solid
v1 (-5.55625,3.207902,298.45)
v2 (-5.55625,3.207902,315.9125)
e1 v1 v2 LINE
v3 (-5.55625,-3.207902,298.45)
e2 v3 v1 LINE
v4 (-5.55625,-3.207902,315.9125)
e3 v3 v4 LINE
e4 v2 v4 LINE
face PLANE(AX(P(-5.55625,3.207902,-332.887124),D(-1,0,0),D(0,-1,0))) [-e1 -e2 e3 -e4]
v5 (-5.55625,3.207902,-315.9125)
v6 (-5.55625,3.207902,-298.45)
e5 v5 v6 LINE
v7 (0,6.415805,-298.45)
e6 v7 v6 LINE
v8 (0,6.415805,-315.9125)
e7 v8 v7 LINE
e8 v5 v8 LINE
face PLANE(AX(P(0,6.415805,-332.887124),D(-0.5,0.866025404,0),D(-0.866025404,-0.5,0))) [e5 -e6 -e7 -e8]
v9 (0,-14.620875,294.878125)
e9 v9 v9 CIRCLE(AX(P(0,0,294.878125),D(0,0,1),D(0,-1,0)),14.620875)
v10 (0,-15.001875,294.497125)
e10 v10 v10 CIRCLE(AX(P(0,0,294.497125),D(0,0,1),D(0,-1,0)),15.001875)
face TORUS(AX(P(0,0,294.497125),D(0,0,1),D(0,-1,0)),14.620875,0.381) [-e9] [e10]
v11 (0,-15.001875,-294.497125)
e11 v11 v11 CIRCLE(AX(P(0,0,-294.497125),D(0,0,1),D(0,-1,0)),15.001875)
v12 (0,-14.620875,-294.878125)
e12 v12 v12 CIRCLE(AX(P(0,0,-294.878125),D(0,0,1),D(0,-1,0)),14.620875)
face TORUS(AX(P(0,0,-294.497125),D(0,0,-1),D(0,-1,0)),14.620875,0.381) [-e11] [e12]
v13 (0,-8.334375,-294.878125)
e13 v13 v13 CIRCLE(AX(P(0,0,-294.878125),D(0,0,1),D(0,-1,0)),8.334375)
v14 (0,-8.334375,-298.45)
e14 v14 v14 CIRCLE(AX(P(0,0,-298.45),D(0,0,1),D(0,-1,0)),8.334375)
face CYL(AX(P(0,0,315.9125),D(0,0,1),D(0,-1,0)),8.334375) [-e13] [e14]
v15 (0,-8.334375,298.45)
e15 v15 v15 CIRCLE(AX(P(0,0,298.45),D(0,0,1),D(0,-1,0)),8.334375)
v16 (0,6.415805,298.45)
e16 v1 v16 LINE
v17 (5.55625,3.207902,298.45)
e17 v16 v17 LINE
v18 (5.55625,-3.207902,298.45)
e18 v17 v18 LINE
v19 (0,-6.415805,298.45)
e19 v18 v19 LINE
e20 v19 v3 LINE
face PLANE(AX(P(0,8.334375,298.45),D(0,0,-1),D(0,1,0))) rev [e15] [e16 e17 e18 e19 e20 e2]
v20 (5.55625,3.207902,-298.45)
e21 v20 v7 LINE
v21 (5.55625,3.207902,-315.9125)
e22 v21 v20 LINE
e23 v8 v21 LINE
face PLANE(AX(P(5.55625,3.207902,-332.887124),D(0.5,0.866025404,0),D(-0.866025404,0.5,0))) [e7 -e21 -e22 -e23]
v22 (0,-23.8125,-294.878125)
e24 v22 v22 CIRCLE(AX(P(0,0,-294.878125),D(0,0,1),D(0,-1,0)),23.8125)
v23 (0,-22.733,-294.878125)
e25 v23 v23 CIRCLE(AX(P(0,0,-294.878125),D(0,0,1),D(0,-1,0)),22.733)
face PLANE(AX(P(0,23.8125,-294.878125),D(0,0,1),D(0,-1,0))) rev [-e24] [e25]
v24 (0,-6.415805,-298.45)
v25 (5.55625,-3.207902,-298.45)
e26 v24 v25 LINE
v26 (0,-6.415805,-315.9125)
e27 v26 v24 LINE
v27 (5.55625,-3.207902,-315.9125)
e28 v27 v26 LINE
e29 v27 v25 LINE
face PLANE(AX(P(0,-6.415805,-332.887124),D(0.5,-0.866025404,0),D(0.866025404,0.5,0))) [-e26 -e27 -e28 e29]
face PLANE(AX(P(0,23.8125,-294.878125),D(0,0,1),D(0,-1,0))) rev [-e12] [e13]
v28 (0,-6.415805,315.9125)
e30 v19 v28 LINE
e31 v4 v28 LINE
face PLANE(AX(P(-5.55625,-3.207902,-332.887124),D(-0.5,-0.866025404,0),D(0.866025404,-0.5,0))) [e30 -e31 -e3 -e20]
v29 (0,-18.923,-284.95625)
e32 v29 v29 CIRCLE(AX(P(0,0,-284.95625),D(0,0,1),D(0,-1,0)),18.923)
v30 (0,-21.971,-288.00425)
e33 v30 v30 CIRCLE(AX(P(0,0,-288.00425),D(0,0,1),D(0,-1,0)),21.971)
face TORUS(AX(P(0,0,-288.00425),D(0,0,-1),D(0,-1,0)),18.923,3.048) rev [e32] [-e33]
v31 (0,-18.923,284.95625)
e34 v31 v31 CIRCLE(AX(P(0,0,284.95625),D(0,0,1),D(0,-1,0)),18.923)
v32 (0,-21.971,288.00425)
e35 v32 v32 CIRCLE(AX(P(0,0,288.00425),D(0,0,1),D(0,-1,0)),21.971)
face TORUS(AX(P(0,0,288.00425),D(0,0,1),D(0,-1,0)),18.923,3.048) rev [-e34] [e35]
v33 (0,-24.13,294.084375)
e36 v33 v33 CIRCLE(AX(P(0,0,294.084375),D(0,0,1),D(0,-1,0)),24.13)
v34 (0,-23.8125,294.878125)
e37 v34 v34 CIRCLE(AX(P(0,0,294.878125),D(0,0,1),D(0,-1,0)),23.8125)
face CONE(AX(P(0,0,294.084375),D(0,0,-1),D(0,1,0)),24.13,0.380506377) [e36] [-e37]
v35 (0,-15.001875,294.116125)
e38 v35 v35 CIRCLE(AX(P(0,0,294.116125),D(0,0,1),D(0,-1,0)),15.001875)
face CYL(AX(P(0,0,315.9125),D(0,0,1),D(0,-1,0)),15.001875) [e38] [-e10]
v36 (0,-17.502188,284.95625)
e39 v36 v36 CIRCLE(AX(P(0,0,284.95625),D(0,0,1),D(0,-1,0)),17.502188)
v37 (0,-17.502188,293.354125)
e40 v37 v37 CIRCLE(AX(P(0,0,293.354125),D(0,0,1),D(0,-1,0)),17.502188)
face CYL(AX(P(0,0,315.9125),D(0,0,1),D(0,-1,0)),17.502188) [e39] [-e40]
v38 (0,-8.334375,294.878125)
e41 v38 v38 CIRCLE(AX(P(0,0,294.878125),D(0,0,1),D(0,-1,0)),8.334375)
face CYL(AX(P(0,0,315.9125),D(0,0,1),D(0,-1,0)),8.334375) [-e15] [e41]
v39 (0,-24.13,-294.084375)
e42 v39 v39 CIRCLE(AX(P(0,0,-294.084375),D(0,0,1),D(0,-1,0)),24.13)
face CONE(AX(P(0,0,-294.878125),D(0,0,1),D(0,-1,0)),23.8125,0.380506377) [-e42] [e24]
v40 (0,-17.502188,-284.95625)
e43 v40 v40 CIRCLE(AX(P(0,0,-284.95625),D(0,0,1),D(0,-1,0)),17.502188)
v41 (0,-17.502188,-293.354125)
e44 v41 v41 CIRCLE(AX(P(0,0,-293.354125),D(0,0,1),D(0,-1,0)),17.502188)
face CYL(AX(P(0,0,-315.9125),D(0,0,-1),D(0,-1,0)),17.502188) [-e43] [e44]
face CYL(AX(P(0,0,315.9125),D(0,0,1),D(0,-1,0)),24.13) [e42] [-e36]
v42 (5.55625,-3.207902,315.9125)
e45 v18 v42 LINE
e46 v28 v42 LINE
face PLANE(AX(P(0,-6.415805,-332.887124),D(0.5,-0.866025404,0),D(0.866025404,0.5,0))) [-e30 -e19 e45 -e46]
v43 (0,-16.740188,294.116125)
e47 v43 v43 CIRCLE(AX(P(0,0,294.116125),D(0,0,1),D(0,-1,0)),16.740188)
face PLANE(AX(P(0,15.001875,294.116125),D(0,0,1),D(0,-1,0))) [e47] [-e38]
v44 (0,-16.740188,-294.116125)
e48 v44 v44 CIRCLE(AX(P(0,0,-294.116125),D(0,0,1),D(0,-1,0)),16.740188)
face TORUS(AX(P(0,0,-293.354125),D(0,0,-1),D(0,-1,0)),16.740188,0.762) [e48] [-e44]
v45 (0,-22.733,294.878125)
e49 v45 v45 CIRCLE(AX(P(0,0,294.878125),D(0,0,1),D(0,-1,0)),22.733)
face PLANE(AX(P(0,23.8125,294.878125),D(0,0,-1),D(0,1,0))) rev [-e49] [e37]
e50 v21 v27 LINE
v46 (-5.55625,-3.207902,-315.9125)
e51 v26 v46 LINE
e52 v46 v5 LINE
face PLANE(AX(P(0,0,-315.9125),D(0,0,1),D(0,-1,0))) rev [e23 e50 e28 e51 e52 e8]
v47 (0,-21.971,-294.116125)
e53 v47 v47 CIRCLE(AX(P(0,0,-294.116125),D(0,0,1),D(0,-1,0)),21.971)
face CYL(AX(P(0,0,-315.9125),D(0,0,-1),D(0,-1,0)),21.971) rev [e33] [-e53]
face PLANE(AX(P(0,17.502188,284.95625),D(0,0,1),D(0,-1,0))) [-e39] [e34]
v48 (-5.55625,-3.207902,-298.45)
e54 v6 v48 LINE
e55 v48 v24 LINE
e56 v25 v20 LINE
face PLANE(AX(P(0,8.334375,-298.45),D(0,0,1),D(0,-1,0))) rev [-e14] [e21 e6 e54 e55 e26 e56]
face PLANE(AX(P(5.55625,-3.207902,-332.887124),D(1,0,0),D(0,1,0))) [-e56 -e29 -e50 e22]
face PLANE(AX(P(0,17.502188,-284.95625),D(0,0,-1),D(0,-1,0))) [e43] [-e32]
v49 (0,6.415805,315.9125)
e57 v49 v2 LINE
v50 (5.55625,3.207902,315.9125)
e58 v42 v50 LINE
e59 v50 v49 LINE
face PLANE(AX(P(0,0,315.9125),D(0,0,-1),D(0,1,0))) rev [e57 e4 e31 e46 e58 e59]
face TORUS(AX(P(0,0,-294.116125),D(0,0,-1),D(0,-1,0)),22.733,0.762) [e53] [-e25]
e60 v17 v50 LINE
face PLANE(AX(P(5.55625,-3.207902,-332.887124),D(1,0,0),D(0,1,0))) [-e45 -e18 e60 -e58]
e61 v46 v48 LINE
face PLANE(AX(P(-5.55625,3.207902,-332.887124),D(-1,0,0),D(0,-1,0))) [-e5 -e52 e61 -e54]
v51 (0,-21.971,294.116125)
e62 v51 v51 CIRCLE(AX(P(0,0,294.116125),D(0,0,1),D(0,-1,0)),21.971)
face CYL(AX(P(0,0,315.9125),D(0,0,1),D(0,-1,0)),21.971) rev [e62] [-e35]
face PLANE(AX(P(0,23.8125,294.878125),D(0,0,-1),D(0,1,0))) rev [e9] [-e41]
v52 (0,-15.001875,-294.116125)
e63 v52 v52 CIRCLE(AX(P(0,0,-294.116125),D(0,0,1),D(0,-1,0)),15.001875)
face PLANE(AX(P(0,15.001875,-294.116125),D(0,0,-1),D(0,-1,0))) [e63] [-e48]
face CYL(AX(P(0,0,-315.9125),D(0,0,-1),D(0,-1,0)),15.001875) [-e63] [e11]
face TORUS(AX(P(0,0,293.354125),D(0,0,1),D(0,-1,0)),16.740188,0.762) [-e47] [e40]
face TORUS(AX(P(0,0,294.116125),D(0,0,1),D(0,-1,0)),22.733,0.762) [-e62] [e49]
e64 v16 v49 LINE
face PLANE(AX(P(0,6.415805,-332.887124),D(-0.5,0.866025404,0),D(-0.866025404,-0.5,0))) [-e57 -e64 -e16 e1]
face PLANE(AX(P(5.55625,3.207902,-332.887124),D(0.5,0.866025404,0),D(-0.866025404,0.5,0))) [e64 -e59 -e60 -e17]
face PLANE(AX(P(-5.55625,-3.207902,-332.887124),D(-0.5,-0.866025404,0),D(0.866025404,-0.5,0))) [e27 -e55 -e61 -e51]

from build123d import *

# Parameters (mm, degrees)
BOSS_EXTRUDE1_DEPTH = 631.825


with BuildPart() as part:
    # Sketch3 → Revolve1 (revolve)
    with BuildSketch(Plane(origin=(0, 0, 0), x_dir=(0, 0, -1), z_dir=(1, 0, 0))):
        Polygon((315.9125, 5.55625), (298.45, 5.55625), (298.45, 8.334375), (294.878125, 8.334375), (294.878125, 23.8125), (294.084375, 24.13), (-294.084375, 24.13), (-294.878125, 23.8125), (-294.878125, 8.334375), (-298.45, 8.334375), (-298.45, 5.55625), (-315.9125, 5.55625), (-315.9125, 0), (315.9125, 0), align=None)
    revolve(axis=Axis((0, 0, 315.9125), (0, 0, -1)))

    # Sketch4 → Boss-Extrude1 (add)
    with BuildSketch(Plane.XY.offset(315.9125)):
        Polygon((0, 6.415804866), (-5.55625, 3.207902433), (-5.55625, -3.207902433), (0, -6.415804866), (5.55625, -3.207902433), (5.55625, 3.207902433), align=None)
    extrude(amount=-BOSS_EXTRUDE1_DEPTH)

    # Sketch6 → Cut-Revolve1 (revolve, cut)
    with BuildSketch(Plane(origin=(0, 0, 0), x_dir=(0, 0, -1), z_dir=(1, 0, 0))):
        with BuildLine():
            Line((-288.00425, 21.971), (-294.116125, 21.971))
            ThreePointArc((-294.116125, 21.971), (-294.654940367, 22.194184633), (-294.878125, 22.733))
            Line((-294.878125, 22.733), (-294.878125, 14.620875))
            ThreePointArc((-294.878125, 14.620875), (-294.766532684, 14.890282684), (-294.497125, 15.001875))
            Line((-294.497125, 15.001875), (-294.116125, 15.001875))
            Line((-294.116125, 15.001875), (-294.116125, 16.7401875))
            ThreePointArc((-294.116125, 16.7401875), (-293.892940367, 17.279002867), (-293.354125, 17.5021875))
            Line((-293.354125, 17.5021875), (-284.95625, 17.5021875))
            Line((-284.95625, 17.5021875), (-284.95625, 18.923))
            ThreePointArc((-284.95625, 18.923), (-285.848988531, 21.078261469), (-288.00425, 21.971))
        make_face()
    cut_revolve1 = revolve(axis=Axis((0, 0, 315.9125), (0, 0, -1)), mode=Mode.SUBTRACT)

    # Mirror2: Cut-Revolve1 across plane
    add(cut_revolve1.mirror(Plane.XY), mode=Mode.SUBTRACT)


solid = part.part
